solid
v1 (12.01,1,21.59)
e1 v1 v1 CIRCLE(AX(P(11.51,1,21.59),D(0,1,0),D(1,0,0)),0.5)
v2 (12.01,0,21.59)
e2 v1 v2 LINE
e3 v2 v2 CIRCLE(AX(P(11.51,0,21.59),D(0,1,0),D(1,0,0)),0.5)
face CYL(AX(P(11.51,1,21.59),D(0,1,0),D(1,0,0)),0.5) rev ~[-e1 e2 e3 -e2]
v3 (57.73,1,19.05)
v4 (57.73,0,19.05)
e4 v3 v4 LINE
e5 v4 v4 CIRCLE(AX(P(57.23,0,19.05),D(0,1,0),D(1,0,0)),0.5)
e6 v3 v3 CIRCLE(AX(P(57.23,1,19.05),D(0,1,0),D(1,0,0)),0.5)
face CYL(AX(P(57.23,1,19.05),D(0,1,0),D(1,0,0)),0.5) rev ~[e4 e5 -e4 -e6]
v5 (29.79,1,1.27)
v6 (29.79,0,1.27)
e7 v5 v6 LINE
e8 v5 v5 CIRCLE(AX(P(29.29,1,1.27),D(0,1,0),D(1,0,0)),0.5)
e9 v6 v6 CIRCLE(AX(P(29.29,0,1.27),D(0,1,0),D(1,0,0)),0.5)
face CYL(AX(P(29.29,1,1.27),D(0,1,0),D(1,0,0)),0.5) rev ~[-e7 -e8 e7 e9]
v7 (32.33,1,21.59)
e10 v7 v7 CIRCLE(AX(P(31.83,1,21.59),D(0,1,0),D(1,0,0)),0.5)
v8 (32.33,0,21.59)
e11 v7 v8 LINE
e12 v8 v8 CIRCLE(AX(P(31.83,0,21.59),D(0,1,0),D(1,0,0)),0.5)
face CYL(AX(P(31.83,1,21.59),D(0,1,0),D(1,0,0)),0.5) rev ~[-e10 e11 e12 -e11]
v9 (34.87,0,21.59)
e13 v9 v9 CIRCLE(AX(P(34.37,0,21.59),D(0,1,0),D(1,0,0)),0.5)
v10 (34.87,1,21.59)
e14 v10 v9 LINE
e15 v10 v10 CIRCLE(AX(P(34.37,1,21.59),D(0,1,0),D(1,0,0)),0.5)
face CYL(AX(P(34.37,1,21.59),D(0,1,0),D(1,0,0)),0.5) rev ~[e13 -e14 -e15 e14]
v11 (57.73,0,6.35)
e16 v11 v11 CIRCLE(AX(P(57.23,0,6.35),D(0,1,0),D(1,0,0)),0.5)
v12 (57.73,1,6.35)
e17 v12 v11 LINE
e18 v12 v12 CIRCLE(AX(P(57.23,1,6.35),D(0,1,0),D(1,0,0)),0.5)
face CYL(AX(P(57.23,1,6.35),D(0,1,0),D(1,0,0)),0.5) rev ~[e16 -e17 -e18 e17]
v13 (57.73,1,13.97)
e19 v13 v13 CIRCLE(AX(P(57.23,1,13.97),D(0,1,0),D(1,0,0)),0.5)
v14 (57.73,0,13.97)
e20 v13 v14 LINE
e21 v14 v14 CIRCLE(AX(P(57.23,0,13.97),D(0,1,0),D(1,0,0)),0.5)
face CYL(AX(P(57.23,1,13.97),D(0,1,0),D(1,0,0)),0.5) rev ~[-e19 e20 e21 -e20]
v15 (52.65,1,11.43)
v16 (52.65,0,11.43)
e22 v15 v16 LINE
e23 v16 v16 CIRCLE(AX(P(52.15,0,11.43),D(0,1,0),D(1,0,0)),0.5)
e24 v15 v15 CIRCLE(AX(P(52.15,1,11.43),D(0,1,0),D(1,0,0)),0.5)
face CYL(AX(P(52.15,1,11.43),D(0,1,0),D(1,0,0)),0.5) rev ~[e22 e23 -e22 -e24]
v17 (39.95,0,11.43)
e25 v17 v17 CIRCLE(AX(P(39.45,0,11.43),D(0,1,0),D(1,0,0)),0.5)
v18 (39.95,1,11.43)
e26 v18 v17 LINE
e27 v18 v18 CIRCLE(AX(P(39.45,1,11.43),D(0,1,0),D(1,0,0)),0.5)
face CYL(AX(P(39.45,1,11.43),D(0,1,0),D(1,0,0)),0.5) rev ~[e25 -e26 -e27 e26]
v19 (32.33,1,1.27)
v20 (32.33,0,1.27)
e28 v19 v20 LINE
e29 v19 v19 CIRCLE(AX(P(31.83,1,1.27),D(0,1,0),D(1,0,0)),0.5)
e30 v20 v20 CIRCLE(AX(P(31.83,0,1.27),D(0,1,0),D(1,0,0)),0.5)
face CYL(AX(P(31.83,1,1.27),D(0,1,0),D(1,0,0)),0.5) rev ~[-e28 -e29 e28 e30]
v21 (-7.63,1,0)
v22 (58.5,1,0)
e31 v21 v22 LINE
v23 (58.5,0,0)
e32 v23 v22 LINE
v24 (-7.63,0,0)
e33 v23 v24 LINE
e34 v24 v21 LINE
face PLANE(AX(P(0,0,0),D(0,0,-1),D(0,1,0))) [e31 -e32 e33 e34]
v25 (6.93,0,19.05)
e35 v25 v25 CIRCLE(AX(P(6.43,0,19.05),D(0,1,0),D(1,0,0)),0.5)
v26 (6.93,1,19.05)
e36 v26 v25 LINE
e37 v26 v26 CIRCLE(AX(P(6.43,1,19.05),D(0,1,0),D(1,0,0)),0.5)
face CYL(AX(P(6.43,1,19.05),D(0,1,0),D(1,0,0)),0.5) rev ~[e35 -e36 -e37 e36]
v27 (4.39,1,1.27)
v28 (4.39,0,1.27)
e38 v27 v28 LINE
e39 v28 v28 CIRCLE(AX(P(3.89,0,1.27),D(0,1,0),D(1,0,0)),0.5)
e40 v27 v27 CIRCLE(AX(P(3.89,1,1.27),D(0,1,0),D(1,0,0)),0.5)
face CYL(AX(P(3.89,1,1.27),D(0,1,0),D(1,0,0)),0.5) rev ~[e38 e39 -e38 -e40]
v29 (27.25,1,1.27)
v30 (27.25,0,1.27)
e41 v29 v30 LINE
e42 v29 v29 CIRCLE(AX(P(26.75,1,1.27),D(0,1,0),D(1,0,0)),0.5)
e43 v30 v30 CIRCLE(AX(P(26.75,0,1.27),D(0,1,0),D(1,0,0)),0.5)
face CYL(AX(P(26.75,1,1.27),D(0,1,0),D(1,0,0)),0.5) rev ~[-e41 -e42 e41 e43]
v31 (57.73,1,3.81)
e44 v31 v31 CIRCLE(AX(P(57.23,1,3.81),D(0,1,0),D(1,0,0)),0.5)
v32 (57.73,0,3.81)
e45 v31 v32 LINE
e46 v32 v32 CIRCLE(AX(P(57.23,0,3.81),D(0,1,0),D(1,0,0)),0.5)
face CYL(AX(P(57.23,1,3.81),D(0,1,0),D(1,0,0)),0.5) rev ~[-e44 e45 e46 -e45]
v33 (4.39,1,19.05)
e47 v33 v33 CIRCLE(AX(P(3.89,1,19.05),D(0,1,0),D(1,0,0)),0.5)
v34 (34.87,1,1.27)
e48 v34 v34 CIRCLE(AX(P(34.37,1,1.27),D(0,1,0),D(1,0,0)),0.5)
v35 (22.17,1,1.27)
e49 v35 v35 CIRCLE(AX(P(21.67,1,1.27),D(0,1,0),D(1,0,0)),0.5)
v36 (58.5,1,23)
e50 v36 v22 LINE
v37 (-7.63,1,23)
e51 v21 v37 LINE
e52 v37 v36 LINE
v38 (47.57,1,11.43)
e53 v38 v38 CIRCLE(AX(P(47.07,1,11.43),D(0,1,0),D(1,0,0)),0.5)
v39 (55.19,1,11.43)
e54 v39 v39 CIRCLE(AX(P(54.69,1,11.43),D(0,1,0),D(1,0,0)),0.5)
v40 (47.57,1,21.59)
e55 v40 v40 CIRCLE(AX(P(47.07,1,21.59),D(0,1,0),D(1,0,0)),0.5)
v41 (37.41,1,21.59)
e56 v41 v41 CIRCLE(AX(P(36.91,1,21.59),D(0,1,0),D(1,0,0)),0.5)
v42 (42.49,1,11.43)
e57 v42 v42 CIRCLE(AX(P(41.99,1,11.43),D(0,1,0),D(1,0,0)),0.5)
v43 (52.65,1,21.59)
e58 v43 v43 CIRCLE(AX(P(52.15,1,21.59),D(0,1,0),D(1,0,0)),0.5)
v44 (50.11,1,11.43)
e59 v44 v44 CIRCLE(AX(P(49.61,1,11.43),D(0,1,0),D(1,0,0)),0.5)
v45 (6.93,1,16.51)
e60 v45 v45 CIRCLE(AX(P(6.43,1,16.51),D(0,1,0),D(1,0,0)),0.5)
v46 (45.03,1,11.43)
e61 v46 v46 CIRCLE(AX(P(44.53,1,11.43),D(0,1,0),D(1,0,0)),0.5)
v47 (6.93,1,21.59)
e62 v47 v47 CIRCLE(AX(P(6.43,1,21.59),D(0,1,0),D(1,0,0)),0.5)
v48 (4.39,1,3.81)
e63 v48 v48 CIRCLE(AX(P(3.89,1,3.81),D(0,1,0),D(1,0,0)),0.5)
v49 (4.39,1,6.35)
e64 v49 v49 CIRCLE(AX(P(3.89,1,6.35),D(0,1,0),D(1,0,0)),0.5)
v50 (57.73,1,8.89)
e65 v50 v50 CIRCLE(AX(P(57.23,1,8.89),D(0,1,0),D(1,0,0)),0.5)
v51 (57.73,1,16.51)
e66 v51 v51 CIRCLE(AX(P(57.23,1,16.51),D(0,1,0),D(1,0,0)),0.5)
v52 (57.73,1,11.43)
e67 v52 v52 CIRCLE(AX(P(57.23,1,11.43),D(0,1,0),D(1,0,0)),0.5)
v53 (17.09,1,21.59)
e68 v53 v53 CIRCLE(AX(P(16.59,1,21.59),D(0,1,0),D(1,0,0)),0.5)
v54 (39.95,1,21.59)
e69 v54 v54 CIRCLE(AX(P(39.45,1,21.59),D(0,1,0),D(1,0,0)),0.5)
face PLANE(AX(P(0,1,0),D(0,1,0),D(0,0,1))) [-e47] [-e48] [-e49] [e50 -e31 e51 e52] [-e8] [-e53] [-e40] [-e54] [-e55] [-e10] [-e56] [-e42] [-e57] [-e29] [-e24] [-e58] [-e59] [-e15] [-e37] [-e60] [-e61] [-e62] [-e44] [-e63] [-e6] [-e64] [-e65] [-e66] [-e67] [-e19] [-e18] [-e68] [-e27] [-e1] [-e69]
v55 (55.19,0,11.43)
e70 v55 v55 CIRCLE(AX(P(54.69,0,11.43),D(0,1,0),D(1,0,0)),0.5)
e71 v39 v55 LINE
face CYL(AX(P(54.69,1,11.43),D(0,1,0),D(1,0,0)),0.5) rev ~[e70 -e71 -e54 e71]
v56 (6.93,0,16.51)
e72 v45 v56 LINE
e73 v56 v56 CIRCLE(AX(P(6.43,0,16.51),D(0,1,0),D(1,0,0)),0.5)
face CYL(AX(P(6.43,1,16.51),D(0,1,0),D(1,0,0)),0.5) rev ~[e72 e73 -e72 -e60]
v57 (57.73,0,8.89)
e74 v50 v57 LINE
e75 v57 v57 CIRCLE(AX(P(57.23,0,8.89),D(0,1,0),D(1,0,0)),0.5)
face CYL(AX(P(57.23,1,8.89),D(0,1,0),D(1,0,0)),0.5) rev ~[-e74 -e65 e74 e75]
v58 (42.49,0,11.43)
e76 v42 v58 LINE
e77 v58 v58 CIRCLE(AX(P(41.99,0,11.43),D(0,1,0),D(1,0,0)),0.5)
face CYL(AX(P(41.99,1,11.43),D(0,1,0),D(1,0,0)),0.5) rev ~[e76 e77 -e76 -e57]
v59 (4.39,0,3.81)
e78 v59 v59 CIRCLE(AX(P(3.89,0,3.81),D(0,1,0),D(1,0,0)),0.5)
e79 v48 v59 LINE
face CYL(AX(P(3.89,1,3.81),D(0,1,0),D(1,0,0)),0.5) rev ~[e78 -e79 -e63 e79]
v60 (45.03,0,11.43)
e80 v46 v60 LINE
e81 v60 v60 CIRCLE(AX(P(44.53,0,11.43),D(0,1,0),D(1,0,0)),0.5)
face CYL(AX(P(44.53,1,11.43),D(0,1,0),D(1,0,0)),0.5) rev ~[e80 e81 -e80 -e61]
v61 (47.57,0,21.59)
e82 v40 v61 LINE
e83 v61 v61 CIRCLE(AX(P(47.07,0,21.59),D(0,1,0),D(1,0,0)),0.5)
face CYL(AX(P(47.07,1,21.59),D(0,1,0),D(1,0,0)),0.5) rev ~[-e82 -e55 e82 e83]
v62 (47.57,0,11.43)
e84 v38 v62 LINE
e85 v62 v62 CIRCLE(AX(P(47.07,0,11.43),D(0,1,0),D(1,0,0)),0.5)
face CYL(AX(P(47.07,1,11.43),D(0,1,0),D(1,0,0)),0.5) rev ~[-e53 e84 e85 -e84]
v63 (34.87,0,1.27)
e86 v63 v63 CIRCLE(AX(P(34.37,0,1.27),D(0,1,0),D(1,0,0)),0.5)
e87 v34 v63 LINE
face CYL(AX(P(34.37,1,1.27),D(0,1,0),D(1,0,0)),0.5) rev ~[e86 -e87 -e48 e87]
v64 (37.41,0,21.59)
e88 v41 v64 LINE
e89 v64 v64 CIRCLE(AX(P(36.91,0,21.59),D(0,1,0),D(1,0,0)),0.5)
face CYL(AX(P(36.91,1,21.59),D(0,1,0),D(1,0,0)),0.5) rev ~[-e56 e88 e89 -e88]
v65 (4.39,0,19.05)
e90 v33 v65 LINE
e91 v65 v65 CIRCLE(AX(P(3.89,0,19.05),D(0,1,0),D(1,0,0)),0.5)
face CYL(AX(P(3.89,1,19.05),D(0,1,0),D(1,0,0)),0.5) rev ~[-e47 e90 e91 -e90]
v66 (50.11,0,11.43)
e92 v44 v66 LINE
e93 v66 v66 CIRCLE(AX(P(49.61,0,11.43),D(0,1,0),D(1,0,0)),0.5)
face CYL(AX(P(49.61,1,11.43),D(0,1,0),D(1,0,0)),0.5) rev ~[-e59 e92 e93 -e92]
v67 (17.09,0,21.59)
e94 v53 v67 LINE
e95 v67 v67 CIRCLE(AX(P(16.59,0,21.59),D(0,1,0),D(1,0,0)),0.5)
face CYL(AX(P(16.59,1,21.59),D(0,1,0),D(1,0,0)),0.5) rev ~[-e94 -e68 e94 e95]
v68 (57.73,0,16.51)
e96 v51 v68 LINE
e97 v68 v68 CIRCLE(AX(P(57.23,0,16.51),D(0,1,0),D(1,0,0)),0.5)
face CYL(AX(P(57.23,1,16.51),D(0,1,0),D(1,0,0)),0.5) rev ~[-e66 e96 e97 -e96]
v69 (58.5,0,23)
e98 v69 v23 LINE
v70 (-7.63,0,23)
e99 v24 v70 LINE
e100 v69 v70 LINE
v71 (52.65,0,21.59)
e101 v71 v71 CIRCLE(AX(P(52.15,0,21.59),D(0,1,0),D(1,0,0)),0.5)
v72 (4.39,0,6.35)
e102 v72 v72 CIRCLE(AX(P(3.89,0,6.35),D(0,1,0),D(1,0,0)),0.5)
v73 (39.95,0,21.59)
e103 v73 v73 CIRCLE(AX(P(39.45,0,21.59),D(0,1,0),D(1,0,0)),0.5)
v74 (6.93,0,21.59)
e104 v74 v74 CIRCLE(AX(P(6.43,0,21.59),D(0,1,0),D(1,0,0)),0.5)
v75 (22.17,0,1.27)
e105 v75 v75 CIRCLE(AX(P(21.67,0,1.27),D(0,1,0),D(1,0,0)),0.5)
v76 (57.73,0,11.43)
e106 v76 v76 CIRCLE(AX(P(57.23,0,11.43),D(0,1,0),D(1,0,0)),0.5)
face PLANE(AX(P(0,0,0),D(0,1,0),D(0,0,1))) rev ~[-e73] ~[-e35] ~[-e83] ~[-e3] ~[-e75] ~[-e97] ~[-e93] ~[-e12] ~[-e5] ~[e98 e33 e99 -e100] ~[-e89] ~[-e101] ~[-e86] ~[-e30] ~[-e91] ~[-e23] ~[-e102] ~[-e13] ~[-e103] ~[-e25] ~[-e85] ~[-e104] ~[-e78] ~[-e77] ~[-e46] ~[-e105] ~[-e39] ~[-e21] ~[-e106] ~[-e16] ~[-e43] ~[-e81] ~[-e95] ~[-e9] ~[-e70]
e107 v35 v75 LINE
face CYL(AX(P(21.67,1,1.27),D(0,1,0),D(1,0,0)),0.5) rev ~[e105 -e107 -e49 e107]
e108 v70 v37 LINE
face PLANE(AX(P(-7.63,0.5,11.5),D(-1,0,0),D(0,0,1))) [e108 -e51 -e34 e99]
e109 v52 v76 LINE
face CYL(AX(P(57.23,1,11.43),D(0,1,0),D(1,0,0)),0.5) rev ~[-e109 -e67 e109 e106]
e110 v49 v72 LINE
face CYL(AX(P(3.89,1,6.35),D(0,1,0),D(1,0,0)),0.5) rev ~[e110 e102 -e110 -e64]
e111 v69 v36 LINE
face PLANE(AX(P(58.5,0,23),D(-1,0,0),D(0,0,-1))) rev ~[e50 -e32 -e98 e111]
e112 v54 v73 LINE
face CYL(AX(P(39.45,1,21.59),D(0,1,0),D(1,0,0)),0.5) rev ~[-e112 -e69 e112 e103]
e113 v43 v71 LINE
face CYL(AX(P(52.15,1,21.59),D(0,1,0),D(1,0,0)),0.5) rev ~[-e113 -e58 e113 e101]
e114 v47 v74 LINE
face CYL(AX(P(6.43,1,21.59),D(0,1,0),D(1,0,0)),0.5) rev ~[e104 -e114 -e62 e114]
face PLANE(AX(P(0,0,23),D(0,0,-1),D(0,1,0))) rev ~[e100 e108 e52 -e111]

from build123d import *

# Parameters (mm, degrees)
SKETCH1_W           = 58.5
SKETCH1_H           = 23
BOSS_EXTRUDE1_DEPTH = 1
SKETCH2_R           = 0.5
CUT_EXTRUDE1_DEPTH  = 2
SKETCH3_W           = 23
SKETCH3_H           = 1
BOSS_EXTRUDE2_DEPTH = 7.63


with BuildPart() as part:
    # Sketch1 → Boss-Extrude1 (new body)
    with BuildSketch(Plane(origin=(0, 0, 0), x_dir=(1, 0, 0), z_dir=(0, 1, 0))):
        with Locations((29.25, -11.5)):
            Rectangle(SKETCH1_W, SKETCH1_H)
    extrude(amount=BOSS_EXTRUDE1_DEPTH)

    # Sketch2 → Cut-Extrude1 (cut, through all)
    with BuildSketch(Plane(origin=(0, 1, 0), x_dir=(1, 0, 0), z_dir=(0, 1, 0))):
        with Locations((57.23, -3.81)):
            Circle(SKETCH2_R)
        with Locations((57.23, -6.35)):
            Circle(SKETCH2_R)
        with Locations((57.23, -8.89)):
            Circle(SKETCH2_R)
        with Locations((57.23, -11.43)):
            Circle(SKETCH2_R)
        with Locations((57.23, -13.97)):
            Circle(SKETCH2_R)
        with Locations((57.23, -16.51)):
            Circle(SKETCH2_R)
        with Locations((57.23, -19.05)):
            Circle(SKETCH2_R)
        with Locations((54.69, -11.43)):
            Circle(SKETCH2_R)
        with Locations((52.15, -11.43)):
            Circle(SKETCH2_R)
        with Locations((49.61, -11.43)):
            Circle(SKETCH2_R)
        with Locations((47.07, -11.43)):
            Circle(SKETCH2_R)
        with Locations((44.53, -11.43)):
            Circle(SKETCH2_R)
        with Locations((41.99, -11.43)):
            Circle(SKETCH2_R)
        with Locations((39.45, -11.43)):
            Circle(SKETCH2_R)
        with Locations((39.45, -21.59)):
            Circle(SKETCH2_R)
        with Locations((36.91, -21.59)):
            Circle(SKETCH2_R)
        with Locations((34.37, -21.59)):
            Circle(SKETCH2_R)
        with Locations((31.83, -21.59)):
            Circle(SKETCH2_R)
        with Locations((16.59, -21.59)):
            Circle(SKETCH2_R)
        with Locations((11.51, -21.59)):
            Circle(SKETCH2_R)
        with Locations((6.43, -21.59)):
            Circle(SKETCH2_R)
        with Locations((47.07, -21.59)):
            Circle(SKETCH2_R)
        with Locations((52.15, -21.59)):
            Circle(SKETCH2_R)
        with Locations((6.43, -19.05)):
            Circle(SKETCH2_R)
        with Locations((6.43, -16.51)):
            Circle(SKETCH2_R)
        with Locations((3.89, -19.05)):
            Circle(SKETCH2_R)
        with Locations((3.89, -6.35)):
            Circle(SKETCH2_R)
        with Locations((3.89, -3.81)):
            Circle(SKETCH2_R)
        with Locations((3.89, -1.27)):
            Circle(SKETCH2_R)
        with Locations((21.67, -1.27)):
            Circle(SKETCH2_R)
        with Locations((26.75, -1.27)):
            Circle(SKETCH2_R)
        with Locations((29.29, -1.27)):
            Circle(SKETCH2_R)
        with Locations((31.83, -1.27)):
            Circle(SKETCH2_R)
        with Locations((34.37, -1.27)):
            Circle(SKETCH2_R)
    extrude(amount=-CUT_EXTRUDE1_DEPTH, mode=Mode.SUBTRACT)

    # Sketch3 → Boss-Extrude2 (add)
    with BuildSketch(Plane.ZY):
        with Locations((11.5, 0.5)):
            Rectangle(SKETCH3_W, SKETCH3_H)
    extrude(amount=BOSS_EXTRUDE2_DEPTH)


solid = part.part
